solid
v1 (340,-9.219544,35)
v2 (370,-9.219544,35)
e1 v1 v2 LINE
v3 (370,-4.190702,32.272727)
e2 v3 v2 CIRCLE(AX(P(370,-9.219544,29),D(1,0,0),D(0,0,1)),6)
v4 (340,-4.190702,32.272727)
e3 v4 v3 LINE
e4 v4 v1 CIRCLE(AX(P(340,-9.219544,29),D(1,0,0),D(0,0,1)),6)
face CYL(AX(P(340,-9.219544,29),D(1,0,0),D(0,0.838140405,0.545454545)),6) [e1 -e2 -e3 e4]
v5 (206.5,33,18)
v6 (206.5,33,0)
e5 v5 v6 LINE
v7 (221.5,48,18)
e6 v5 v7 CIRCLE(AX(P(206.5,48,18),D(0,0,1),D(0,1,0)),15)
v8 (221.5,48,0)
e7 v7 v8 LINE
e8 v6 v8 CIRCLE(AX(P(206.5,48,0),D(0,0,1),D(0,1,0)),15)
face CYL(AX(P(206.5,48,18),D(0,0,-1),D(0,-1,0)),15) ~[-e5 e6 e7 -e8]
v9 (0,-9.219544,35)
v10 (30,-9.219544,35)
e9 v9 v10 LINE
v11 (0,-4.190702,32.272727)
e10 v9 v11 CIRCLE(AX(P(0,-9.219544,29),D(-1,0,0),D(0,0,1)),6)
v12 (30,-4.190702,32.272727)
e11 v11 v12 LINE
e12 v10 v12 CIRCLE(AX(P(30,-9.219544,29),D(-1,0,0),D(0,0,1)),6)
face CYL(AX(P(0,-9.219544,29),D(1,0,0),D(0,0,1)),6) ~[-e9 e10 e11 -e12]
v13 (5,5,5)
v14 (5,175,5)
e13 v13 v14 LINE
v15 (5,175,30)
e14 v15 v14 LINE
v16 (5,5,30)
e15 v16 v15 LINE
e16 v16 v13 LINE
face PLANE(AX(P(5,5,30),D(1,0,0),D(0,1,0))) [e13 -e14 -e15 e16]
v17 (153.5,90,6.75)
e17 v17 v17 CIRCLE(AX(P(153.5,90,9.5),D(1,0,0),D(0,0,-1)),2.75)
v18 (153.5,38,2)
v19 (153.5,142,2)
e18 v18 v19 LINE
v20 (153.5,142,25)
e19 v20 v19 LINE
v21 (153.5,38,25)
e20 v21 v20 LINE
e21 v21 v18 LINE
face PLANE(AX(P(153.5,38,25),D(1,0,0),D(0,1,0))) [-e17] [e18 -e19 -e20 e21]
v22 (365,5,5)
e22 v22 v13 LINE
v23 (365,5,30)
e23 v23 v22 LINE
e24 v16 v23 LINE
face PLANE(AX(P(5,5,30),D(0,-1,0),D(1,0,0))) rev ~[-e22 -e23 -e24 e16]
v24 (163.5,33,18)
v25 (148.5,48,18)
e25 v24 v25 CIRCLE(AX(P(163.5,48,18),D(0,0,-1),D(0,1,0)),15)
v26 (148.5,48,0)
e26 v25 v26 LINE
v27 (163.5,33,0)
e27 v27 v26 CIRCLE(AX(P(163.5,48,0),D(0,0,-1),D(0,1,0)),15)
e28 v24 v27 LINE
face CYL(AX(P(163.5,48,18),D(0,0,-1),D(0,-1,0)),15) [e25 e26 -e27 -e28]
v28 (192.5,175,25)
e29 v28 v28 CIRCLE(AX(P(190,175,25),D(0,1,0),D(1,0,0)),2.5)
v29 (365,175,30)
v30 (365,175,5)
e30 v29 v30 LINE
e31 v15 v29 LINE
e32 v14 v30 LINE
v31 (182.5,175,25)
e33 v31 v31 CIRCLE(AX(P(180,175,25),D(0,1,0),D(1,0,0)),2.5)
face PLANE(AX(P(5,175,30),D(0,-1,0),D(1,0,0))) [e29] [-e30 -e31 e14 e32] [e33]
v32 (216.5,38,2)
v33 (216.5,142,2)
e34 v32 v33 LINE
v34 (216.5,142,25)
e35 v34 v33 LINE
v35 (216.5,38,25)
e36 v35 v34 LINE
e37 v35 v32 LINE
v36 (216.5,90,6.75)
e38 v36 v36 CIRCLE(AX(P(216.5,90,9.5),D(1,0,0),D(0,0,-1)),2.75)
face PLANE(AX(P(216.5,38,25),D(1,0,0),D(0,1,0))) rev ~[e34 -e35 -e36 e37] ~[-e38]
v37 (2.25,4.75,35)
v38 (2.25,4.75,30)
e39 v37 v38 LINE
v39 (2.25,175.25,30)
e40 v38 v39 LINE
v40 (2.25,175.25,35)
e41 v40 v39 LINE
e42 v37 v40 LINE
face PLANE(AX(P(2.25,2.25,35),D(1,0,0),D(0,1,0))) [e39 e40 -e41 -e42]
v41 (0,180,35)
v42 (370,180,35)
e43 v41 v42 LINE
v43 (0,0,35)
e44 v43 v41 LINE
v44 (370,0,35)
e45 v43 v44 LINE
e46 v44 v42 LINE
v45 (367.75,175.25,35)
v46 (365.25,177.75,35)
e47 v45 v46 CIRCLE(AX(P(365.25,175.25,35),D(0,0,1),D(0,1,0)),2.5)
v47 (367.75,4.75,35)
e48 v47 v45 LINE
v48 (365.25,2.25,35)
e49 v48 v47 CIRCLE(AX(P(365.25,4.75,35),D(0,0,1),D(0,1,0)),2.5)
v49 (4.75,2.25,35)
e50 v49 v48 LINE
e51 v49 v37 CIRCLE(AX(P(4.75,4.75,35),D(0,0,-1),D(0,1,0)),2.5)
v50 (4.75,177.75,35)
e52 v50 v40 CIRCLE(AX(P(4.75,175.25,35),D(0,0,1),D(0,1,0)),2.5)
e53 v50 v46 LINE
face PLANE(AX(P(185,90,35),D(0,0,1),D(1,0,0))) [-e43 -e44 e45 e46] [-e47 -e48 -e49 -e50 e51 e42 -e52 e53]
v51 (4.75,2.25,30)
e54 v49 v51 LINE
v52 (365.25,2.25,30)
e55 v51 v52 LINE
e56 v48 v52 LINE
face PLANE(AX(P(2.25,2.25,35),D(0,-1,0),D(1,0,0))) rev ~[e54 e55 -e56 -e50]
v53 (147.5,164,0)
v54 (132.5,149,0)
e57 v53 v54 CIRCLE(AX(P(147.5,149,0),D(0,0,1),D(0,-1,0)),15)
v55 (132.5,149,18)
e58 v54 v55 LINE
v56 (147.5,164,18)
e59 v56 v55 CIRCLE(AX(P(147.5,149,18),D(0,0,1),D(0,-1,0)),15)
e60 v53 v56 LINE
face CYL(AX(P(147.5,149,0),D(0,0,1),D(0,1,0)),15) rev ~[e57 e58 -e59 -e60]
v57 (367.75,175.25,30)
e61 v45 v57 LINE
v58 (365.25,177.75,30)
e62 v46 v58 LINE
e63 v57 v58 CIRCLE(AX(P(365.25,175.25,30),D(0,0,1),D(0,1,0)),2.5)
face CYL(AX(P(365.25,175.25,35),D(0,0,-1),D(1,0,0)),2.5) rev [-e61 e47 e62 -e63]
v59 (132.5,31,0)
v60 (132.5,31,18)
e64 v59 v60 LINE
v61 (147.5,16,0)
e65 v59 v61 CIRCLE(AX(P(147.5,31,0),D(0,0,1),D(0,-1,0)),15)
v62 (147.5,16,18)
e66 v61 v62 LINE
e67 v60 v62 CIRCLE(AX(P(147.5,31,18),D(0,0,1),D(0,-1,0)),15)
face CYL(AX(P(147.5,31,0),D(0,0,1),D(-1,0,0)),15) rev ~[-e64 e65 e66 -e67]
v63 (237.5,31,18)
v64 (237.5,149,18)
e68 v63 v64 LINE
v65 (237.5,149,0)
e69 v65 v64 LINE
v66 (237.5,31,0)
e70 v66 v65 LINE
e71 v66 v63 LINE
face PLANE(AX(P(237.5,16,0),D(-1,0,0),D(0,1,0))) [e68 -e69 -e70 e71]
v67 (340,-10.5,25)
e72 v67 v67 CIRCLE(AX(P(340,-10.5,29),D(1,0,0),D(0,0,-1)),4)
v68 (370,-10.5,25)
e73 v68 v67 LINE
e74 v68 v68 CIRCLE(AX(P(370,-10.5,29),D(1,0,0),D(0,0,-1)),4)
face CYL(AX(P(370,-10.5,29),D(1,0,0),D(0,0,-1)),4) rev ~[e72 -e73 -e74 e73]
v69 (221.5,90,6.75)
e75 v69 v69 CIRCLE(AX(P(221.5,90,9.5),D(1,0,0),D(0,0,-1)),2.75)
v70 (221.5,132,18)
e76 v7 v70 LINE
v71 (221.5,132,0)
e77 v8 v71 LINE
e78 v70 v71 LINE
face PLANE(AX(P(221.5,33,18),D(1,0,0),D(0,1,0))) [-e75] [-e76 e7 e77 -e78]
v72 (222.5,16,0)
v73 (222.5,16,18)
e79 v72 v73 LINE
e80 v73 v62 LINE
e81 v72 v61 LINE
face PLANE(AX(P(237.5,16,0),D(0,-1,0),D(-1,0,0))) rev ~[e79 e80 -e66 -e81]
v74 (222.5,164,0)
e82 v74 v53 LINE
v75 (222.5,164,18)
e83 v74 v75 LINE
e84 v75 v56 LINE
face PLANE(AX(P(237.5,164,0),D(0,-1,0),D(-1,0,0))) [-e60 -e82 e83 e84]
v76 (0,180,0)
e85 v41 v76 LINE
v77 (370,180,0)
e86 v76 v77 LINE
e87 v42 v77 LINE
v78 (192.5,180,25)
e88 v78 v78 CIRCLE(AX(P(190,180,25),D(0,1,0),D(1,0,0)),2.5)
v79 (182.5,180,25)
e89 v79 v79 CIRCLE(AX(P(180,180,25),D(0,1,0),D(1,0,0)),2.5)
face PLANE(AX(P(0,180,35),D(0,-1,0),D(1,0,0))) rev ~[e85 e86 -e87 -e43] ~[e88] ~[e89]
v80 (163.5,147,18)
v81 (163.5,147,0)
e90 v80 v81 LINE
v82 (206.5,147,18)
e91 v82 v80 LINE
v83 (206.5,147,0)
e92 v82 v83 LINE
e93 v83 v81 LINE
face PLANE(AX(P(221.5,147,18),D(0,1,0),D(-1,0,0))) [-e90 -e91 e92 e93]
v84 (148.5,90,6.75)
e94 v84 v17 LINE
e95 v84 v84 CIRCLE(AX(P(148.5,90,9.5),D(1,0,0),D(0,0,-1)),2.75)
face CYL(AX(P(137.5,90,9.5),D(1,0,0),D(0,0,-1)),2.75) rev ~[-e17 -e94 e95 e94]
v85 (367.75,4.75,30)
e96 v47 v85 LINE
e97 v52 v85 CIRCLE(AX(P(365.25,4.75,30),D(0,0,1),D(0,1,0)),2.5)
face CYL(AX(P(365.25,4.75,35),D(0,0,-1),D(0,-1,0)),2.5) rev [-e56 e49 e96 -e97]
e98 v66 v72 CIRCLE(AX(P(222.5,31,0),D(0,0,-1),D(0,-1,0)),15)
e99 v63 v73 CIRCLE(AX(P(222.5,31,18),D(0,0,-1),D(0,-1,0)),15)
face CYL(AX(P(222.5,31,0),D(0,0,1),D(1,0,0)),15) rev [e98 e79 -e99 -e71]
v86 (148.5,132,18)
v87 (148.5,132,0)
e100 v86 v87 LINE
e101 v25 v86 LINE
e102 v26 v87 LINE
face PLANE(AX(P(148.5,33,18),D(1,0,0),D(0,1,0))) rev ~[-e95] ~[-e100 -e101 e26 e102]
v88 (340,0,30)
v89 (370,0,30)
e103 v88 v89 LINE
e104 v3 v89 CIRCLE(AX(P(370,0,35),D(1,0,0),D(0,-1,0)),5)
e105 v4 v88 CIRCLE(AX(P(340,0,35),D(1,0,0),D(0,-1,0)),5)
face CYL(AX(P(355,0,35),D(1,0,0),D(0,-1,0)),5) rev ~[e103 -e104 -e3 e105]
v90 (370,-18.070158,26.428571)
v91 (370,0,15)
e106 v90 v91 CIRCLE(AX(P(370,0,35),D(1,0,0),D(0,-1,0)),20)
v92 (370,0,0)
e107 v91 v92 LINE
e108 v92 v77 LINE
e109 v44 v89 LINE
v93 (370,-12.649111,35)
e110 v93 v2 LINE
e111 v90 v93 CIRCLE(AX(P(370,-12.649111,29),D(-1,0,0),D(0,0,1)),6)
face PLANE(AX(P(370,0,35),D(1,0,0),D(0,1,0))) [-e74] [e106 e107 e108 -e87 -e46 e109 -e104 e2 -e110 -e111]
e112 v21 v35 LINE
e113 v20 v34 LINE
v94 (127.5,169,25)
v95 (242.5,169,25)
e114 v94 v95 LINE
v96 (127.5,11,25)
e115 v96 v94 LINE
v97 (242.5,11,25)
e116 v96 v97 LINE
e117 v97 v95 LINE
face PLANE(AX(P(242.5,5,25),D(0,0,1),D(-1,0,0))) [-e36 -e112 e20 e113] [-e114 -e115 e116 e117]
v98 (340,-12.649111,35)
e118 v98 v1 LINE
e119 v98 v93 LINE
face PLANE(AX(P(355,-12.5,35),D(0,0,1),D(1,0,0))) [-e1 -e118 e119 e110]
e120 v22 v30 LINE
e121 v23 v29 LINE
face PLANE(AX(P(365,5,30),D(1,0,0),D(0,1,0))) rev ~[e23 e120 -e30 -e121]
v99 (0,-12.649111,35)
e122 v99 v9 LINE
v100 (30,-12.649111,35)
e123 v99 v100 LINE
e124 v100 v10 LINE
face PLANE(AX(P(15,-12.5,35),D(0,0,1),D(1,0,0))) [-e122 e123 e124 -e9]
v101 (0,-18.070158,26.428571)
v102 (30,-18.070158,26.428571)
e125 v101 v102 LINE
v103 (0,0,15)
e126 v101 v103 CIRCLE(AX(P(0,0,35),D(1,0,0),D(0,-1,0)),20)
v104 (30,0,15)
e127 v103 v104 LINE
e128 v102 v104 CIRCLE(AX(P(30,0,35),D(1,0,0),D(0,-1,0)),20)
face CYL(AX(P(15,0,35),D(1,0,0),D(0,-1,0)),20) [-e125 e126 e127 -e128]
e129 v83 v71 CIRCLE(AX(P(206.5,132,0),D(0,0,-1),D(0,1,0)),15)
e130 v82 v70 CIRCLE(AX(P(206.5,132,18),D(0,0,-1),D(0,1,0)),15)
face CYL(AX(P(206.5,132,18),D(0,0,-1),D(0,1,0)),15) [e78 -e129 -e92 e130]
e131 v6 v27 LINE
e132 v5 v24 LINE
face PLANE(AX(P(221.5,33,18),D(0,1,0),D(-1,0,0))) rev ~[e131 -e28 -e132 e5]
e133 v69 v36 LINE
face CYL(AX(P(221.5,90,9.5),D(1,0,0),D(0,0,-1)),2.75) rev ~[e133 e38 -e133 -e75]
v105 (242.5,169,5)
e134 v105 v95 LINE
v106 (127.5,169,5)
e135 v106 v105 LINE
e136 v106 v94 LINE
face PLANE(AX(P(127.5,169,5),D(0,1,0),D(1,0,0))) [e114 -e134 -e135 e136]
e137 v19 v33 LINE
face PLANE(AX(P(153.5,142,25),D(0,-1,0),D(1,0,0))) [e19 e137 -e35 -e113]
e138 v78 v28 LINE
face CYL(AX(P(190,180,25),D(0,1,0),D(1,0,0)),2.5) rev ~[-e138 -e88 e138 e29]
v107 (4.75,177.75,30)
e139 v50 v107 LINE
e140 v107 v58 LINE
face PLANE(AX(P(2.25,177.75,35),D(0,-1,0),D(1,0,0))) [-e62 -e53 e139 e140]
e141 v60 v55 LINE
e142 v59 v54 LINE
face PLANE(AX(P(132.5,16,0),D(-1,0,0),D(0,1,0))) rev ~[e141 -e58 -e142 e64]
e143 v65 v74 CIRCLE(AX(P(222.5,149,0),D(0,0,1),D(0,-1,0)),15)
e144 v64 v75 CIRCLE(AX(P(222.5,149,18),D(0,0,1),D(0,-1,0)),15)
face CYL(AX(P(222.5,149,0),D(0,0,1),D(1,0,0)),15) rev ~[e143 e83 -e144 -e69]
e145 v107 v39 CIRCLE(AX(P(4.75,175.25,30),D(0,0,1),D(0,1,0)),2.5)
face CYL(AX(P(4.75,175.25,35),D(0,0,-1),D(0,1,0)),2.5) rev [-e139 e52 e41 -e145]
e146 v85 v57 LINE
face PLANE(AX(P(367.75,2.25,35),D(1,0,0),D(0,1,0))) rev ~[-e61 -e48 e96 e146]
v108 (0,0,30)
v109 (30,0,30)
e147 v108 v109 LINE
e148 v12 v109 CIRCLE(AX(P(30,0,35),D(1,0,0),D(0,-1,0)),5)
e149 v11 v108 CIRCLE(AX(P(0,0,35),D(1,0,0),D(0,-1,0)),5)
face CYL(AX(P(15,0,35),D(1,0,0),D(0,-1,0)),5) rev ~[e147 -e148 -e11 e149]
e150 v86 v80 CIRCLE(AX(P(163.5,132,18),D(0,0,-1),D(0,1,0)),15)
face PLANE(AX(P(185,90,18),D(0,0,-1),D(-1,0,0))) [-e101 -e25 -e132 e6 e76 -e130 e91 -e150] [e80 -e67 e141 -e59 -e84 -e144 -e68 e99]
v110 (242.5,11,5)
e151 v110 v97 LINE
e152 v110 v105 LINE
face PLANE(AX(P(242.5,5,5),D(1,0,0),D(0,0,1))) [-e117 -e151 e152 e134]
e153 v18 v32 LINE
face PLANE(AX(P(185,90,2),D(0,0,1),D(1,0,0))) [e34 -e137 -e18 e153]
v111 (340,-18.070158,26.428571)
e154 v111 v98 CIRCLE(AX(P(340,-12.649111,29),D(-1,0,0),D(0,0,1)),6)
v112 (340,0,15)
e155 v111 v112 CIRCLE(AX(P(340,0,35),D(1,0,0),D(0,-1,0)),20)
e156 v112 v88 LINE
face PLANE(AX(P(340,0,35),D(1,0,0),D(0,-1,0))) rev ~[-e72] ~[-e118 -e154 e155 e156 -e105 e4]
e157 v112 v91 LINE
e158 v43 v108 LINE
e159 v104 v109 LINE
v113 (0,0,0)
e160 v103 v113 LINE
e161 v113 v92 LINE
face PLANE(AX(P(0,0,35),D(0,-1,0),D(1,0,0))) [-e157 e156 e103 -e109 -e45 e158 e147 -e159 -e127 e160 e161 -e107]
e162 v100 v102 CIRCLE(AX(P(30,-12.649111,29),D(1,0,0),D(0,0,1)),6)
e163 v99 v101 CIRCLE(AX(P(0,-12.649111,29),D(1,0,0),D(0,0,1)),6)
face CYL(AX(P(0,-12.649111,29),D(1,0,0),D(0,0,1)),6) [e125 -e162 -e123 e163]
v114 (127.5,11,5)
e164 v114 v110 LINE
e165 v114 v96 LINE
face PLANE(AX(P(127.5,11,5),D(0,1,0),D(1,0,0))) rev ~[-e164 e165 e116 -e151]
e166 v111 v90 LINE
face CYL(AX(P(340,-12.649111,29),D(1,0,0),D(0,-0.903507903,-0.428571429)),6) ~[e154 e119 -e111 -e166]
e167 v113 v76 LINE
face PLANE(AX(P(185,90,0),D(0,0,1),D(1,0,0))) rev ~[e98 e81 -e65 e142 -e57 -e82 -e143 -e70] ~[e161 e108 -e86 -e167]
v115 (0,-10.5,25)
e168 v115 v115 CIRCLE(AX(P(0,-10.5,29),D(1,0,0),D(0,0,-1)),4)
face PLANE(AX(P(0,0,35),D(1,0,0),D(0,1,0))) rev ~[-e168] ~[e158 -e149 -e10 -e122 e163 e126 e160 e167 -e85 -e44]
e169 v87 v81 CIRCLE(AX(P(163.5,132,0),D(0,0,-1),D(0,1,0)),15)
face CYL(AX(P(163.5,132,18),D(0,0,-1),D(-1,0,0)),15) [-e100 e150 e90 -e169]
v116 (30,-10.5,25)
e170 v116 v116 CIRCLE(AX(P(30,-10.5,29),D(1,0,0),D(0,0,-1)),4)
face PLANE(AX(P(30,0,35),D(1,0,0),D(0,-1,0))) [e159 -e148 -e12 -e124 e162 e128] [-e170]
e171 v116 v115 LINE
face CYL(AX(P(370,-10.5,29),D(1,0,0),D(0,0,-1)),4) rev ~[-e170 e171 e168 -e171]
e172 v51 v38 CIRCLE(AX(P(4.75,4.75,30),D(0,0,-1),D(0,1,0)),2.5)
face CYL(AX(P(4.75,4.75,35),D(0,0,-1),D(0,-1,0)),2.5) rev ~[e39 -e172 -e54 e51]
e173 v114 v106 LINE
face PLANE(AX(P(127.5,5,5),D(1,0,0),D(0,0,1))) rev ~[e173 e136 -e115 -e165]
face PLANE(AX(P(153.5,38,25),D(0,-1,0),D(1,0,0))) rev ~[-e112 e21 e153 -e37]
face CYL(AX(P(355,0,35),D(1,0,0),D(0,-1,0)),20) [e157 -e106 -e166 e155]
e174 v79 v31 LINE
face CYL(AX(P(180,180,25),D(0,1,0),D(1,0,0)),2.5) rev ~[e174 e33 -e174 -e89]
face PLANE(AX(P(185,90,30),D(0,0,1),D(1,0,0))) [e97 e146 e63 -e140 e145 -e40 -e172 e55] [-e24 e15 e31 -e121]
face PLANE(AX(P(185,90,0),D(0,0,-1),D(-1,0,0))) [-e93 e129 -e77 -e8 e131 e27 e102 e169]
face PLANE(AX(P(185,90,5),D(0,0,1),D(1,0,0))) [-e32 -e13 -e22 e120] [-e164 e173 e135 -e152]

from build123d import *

# Parameters (mm, degrees)
SKETCH1_W                      = 370
SKETCH1_H                      = 180
BOSS_EXTRUDE1_DEPTH            = 35
SKETCH2_W                      = 365.5
SKETCH2_H                      = 175.5
CUT_EXTRUDE1_DEPTH             = 5
SKETCH3_W                      = 360
SKETCH3_H                      = 170
CUT_EXTRUDE2_DEPTH             = 25
SKETCH4_W                      = 115
SKETCH4_H                      = 20
BOSS_EXTRUDE2_DEPTH            = 170
SKETCH5_W                      = 105
SKETCH5_H                      = 148
CUT_EXTRUDE3_DEPTH             = 18
SKETCH6_W                      = 73
SKETCH6_H                      = 114
BOSS_EXTRUDE3_DEPTH            = 18
F_15_0_15_DIAMETER_HOLE1_D     = 5.5
F_15_0_15_DIAMETER_HOLE1_DEPTH = 11
FILLET1_R                      = 2.5
FILLET2_R                      = 15
SKETCH11_W                     = 30
SKETCH11_H                     = 15
REVOLVE1_ANGLE                 = 90
SKETCH12_R                     = 4
CUT_EXTRUDE4_DEPTH             = 371
FILLET4_R                      = 6
FILLET5_R                      = 6
SKETCH13_W                     = 63
SKETCH13_H                     = 104
CUT_EXTRUDE5_DEPTH             = 23
CUT_EXTRUDE6_START             = -20
SKETCH14_W                     = 115
SKETCH14_H                     = 6
CUT_EXTRUDE6_DEPTH             = 20
CUT_EXTRUDE7_START             = -20
SKETCH15_W                     = 115
SKETCH15_H                     = 6
CUT_EXTRUDE7_DEPTH             = 20
CUT_EXTRUDE8_REACH             = 200.649
SKETCH17_R                     = 2.5
SKETCH18_R                     = 2.75
CUT_EXTRUDE9_DEPTH             = 10


with BuildPart() as part:
    # Sketch1 → Boss-Extrude1 (new body)
    with BuildSketch(Plane.XY.offset(35)):
        with Locations((185, 90)):
            Rectangle(SKETCH1_W, SKETCH1_H)
    extrude(amount=-BOSS_EXTRUDE1_DEPTH)

    # Sketch2 → Cut-Extrude1 (cut)
    with BuildSketch(Plane.XY.offset(35)):
        with Locations((185, 90)):
            Rectangle(SKETCH2_W, SKETCH2_H)
    extrude(amount=-CUT_EXTRUDE1_DEPTH, mode=Mode.SUBTRACT)

    # Sketch3 → Cut-Extrude2 (cut)
    with BuildSketch(Plane.XY.offset(30)):
        with Locations((185, 90)):
            Rectangle(SKETCH3_W, SKETCH3_H)
    extrude(amount=-CUT_EXTRUDE2_DEPTH, mode=Mode.SUBTRACT)

    # Sketch4 → Boss-Extrude2 (add)
    with BuildSketch(Plane(origin=(0, 5, 0), x_dir=(-1, 0, 0), z_dir=(0, 1, 0))):
        with Locations((-185, 15)):
            Rectangle(SKETCH4_W, SKETCH4_H)
    extrude(amount=BOSS_EXTRUDE2_DEPTH)

    # Sketch5 → Cut-Extrude3 (cut)
    with BuildSketch(Plane(origin=(0, 0, 0), x_dir=(-1, 0, 0), z_dir=(0, 0, -1))):
        with Locations((-185, 90)):
            Rectangle(SKETCH5_W, SKETCH5_H)
    extrude(amount=-CUT_EXTRUDE3_DEPTH, mode=Mode.SUBTRACT)

    # Sketch6 → Boss-Extrude3 (add)
    with BuildSketch(Plane(origin=(0, 0, 18), x_dir=(-1, 0, 0), z_dir=(0, 0, -1))):
        with Locations((-185, 90)):
            Rectangle(SKETCH6_W, SKETCH6_H)
    extrude(amount=BOSS_EXTRUDE3_DEPTH)

    # Ø15.0 (15) Diameter Hole1
    with Locations(Plane.ZY.offset(-148.5)):
        with Locations((9.5, 90)):
            Hole(F_15_0_15_DIAMETER_HOLE1_D / 2, depth=F_15_0_15_DIAMETER_HOLE1_DEPTH)

    # Fillet1
    fillet1_edges = [part.edges().sort_by_distance(p)[0] for p in [
        (2.25, 177.75, 32.5),
        (367.75, 177.75, 32.5),
        (367.75, 2.25, 32.5),
        (2.25, 2.25, 32.5),
    ]]
    fillet(fillet1_edges, radius=FILLET1_R)

    # Fillet2
    fillet2_edges = [part.edges().sort_by_distance(p)[0] for p in [
        (132.5, 16, 9),
        (237.5, 16, 9),
        (237.5, 164, 9),
        (132.5, 164, 9),
        (148.5, 147, 9),
        (221.5, 147, 9),
        (221.5, 33, 9),
        (148.5, 33, 9),
    ]]
    fillet(fillet2_edges, radius=FILLET2_R)

    # Sketch11 → Revolve1 (revolve)
    with BuildSketch(Plane.XY.offset(35)):
        with Locations((355, -12.5)):
            Rectangle(SKETCH11_W, SKETCH11_H)
        with Locations((15, -12.5)):
            Rectangle(SKETCH11_W, SKETCH11_H)
    revolve(axis=Axis((0, 0, 35), (1, 0, 0)), revolution_arc=REVOLVE1_ANGLE)

    # Sketch12 → Cut-Extrude4 (cut, through all)
    with BuildSketch(Plane(origin=(370, 0, 0), x_dir=(0, 0, -1), z_dir=(1, 0, 0))):
        with Locations((-29, -10.5)):
            Circle(SKETCH12_R)
    extrude(amount=-CUT_EXTRUDE4_DEPTH, mode=Mode.SUBTRACT)

    # Fillet4
    fillet4_edges = [part.edges().sort_by_distance(p)[0] for p in [
        (355, -20, 35),
        (15, -20, 35),
    ]]
    fillet(fillet4_edges, radius=FILLET4_R)

    # Fillet5
    fillet5_edges = [part.edges().sort_by_distance(p)[0] for p in [
        (355, -5, 35),
        (15, -5, 35),
    ]]
    fillet(fillet5_edges, radius=FILLET5_R)

    # Sketch13 → Cut-Extrude5 (cut)
    with BuildSketch(Plane.XY.offset(25)):
        with Locations((185, 90)):
            Rectangle(SKETCH13_W, SKETCH13_H)
    extrude(amount=-CUT_EXTRUDE5_DEPTH, mode=Mode.SUBTRACT)

    # Sketch14 → Cut-Extrude6 (cut)
    with BuildSketch(Plane.XY.offset(25).offset(CUT_EXTRUDE6_START)):
        with Locations((185, 172)):
            Rectangle(SKETCH14_W, SKETCH14_H)
    extrude(amount=CUT_EXTRUDE6_DEPTH, mode=Mode.SUBTRACT)

    # Sketch15 → Cut-Extrude7 (cut)
    with BuildSketch(Plane.XY.offset(25).offset(CUT_EXTRUDE7_START)):
        with Locations((185, 8)):
            Rectangle(SKETCH15_W, SKETCH15_H)
    extrude(amount=CUT_EXTRUDE7_DEPTH, mode=Mode.SUBTRACT)

    # Sketch17 → Cut-Extrude8 (cut, up to next)
    with BuildSketch(Plane(origin=(0, 180, 0), x_dir=(1, 0, 0), z_dir=(0, 1, 0)), mode=Mode.PRIVATE) as cut_extrude8_sk1:
        with Locations((180, -25)):
            Circle(SKETCH17_R)
    cut_extrude8_tool1 = extrude(cut_extrude8_sk1.sketch, amount=-CUT_EXTRUDE8_REACH, mode=Mode.PRIVATE) & part.part
    add(cut_extrude8_tool1.solids().sort_by_distance((180, 180, 25))[0], mode=Mode.SUBTRACT)
    # Sketch17 → Cut-Extrude8 (cut, up to next)
    with BuildSketch(Plane(origin=(0, 180, 0), x_dir=(1, 0, 0), z_dir=(0, 1, 0)), mode=Mode.PRIVATE) as cut_extrude8_sk2:
        with Locations((190, -25)):
            Circle(SKETCH17_R)
    cut_extrude8_tool2 = extrude(cut_extrude8_sk2.sketch, amount=-CUT_EXTRUDE8_REACH, mode=Mode.PRIVATE) & part.part
    add(cut_extrude8_tool2.solids().sort_by_distance((190, 180, 25))[0], mode=Mode.SUBTRACT)

    # Sketch18 → Cut-Extrude9 (cut)
    with BuildSketch(Plane(origin=(221.5, 0, 0), x_dir=(0, 0, -1), z_dir=(1, 0, 0))):
        with Locations((-9.5, 90)):
            Circle(SKETCH18_R)
    extrude(amount=-CUT_EXTRUDE9_DEPTH, mode=Mode.SUBTRACT)


solid = part.part
